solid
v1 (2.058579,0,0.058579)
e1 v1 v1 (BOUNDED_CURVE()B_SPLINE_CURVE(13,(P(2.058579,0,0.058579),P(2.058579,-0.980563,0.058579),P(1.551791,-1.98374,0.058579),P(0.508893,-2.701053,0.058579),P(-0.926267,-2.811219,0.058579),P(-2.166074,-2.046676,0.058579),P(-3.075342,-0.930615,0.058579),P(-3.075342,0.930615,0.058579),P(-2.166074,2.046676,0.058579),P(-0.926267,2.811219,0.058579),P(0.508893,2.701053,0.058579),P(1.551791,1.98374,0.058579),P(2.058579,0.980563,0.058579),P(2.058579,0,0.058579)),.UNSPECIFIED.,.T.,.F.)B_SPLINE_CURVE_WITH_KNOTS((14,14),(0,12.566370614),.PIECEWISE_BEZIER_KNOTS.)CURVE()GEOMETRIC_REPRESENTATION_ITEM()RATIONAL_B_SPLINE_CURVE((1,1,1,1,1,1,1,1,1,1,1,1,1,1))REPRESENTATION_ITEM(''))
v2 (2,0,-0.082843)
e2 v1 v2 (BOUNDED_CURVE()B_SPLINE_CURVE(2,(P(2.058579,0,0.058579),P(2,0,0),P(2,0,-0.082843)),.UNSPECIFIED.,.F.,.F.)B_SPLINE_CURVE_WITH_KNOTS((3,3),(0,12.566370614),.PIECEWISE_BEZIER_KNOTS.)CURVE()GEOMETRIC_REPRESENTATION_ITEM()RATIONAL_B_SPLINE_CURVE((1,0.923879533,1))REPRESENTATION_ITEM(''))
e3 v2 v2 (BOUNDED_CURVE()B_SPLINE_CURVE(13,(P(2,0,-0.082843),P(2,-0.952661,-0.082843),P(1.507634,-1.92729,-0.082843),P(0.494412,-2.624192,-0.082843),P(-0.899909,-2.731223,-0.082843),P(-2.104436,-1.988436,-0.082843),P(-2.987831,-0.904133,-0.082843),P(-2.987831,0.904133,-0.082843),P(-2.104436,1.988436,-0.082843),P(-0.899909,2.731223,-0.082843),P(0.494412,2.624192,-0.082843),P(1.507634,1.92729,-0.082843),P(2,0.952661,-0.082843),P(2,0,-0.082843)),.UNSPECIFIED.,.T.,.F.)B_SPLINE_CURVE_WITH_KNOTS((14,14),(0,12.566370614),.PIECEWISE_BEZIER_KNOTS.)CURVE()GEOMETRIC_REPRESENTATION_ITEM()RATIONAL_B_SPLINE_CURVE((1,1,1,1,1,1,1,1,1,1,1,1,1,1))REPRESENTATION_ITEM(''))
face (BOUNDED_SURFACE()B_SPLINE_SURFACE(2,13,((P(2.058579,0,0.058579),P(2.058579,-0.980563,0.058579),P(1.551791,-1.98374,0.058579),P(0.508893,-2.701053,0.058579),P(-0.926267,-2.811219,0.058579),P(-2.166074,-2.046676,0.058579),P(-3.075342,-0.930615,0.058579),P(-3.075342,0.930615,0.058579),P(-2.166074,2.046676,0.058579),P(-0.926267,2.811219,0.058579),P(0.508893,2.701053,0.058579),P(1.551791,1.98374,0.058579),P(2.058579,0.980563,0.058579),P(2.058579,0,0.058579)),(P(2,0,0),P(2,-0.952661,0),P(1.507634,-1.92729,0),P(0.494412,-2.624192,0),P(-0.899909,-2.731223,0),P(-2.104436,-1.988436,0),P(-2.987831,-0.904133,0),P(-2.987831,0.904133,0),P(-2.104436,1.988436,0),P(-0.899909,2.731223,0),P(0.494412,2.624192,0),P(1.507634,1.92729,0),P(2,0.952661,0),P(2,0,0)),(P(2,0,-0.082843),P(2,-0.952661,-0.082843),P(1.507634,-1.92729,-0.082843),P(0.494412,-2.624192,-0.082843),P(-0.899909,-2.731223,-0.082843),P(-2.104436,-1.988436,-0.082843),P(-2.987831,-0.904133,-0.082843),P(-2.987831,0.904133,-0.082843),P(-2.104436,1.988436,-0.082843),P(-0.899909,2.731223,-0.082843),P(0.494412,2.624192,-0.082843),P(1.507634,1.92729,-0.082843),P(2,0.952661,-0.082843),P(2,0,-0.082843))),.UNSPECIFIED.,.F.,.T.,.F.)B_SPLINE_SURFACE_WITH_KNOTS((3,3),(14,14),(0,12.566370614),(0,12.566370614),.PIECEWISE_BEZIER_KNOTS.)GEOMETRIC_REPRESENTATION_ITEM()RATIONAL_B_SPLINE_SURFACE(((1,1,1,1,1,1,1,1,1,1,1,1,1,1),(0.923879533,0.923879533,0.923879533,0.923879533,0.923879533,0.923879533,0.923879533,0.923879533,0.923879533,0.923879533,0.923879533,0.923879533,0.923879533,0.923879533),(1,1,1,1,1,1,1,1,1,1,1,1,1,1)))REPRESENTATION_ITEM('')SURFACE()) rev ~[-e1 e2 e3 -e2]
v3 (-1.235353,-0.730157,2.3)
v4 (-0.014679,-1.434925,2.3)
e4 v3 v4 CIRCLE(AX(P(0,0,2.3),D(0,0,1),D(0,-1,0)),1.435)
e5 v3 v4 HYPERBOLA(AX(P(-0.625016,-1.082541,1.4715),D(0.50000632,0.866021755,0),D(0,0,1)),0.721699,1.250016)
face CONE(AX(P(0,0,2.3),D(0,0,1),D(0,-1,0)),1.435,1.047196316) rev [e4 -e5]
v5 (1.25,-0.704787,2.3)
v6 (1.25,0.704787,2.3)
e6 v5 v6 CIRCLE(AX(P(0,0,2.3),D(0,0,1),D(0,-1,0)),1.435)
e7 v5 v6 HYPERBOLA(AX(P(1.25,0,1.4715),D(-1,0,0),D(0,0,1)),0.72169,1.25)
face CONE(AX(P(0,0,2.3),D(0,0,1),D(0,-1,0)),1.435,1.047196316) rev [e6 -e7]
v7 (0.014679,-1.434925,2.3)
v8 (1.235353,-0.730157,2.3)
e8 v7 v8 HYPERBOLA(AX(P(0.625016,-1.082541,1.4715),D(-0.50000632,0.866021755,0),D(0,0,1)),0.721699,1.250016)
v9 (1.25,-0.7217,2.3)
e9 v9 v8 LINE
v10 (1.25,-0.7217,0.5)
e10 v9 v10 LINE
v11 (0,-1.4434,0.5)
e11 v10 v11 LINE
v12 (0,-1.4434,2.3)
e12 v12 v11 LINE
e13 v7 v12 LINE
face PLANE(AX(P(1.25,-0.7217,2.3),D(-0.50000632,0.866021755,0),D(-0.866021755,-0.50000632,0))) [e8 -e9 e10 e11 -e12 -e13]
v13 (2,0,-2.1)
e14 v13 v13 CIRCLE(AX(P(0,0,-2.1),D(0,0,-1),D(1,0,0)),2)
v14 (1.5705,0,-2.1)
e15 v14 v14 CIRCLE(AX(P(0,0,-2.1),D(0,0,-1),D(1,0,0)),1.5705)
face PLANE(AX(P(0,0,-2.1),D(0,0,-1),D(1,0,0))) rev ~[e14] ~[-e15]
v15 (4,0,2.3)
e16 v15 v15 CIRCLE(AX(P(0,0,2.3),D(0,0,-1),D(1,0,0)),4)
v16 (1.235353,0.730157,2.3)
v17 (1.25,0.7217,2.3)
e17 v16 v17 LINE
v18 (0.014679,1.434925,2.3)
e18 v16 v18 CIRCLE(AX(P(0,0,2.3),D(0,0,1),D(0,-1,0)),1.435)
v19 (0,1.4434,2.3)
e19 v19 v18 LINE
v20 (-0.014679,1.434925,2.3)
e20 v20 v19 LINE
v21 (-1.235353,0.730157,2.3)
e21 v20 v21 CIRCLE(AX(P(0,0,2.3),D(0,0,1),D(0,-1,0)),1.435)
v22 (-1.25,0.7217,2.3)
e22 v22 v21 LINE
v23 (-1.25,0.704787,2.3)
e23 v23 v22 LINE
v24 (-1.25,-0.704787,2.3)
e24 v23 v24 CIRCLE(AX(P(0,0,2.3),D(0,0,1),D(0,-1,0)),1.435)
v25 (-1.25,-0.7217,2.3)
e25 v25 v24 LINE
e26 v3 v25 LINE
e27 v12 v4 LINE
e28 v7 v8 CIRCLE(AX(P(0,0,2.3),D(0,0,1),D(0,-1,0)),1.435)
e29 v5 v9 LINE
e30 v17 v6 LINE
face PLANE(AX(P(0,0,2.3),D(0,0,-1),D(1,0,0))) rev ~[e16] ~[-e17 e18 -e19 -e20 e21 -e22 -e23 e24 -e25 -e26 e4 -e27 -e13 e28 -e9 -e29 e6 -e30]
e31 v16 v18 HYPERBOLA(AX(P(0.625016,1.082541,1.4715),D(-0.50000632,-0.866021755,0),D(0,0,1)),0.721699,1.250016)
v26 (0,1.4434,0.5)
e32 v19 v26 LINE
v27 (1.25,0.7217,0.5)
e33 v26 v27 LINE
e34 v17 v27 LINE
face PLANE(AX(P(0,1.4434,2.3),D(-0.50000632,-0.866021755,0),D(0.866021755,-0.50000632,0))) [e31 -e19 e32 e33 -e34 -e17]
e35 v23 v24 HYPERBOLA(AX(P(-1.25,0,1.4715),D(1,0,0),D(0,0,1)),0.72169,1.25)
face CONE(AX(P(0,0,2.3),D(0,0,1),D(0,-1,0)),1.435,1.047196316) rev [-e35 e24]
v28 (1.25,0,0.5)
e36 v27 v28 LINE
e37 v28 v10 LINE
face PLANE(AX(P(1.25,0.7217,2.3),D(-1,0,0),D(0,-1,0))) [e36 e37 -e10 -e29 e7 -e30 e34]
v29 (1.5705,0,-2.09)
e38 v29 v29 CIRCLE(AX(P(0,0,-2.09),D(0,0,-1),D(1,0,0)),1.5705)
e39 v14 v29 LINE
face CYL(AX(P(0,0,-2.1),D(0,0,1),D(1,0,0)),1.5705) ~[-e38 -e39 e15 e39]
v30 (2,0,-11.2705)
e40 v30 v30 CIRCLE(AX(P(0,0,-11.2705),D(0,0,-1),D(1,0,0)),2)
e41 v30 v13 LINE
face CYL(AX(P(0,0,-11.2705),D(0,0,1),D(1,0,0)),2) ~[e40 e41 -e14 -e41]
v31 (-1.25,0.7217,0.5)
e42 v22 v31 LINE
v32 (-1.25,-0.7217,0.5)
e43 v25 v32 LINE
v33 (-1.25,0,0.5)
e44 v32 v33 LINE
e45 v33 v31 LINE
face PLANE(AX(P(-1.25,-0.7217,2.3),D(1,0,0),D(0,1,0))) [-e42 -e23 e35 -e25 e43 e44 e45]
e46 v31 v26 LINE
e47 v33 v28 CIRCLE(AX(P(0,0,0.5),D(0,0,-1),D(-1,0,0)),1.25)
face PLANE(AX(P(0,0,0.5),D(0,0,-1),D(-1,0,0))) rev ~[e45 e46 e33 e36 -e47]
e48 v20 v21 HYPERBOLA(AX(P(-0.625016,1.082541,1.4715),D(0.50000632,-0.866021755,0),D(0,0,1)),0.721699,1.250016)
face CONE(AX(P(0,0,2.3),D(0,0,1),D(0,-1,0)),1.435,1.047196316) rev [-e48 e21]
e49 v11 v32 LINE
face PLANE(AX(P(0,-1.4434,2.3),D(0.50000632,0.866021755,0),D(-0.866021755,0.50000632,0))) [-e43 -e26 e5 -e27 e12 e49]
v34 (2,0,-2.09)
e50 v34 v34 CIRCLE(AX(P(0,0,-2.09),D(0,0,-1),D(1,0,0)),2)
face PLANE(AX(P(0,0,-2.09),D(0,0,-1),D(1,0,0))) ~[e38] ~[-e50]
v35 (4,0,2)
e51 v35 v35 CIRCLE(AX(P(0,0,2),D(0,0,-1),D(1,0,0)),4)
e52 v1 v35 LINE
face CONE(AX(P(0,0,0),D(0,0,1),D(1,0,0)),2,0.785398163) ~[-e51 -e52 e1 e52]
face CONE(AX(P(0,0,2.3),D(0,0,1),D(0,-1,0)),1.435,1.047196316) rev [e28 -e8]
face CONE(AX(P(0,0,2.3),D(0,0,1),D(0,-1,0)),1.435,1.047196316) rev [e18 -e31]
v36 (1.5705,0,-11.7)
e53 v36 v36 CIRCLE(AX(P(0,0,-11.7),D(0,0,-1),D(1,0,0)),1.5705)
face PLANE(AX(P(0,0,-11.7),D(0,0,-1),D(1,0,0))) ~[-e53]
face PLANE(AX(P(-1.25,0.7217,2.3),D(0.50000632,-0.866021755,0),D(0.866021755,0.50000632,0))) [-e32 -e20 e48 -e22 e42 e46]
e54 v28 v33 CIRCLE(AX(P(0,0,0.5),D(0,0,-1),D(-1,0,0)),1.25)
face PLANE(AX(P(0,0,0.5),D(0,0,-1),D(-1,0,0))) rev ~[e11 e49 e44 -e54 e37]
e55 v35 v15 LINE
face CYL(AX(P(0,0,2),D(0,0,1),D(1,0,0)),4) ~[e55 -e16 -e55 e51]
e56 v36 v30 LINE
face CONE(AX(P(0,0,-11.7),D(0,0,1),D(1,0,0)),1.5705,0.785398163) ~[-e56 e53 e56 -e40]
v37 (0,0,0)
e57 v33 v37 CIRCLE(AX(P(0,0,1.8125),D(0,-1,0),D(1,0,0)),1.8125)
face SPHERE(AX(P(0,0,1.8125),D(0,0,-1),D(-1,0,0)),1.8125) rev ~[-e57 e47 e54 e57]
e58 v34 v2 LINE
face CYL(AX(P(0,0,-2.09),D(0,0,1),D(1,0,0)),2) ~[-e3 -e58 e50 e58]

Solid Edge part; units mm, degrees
sketch "Sketch1" plane through (0, 0, 0) normal (0, -1, 0) x (1, 0, 0)
  line L0 (2, 0) -> (4, 2)
  line L1 (4, 2) -> (4, 2.3)
  line L2 (4, 2.3) -> (0, 2.3)
  line L3 (0, 2.3) -> (0, -11.7)
  line L4 (0, -11.7) -> (1.5705, -11.7)
  line L5 (1.5705, -11.7) -> (2, -11.2705)
  line L6 (2, -11.2705) -> (2, -2.1)
  line L7 (2, -2.1) -> (1.5705, -2.1)
  line L8 (1.5705, -2.1) -> (1.5705, -2.09)
  line L9 (1.5705, -2.09) -> (2, -2.09)
  line L10 (2, -2.09) -> (2, 0)
  dimension "D1" = 14
  dimension "D2" = 4
  dimension "D3" = 2.3
  dimension "D4" = 0.01
  dimension "D5" = 1.5705
  dimension "D6" = 4.4
  dimension "D7" = 0.3
revolve "RevolvedProtrusion1" add sketch "Sketch1" angle 360 about axis through (0, 0, 54) along (0, 0, -1)
sketch "Sketch2" plane through (0, 0, 0) normal (0, -1, 0) x (1, 0, 0)
  arc A0 (-1.25, 0.5) -> (0, 0) centre (0, 1.8125) ccw
  line L0 (0, 0.5) -> (0, 0)
  line L1 (-1.25, 0.5) -> (0, 0.5)
  dimension "D1" = 12.2
revolve "RevolvedCutout1" cut sketch "Sketch2" angle 360 about axis through (0, 0, 54) along (0, 0, -1)
sketch "Sketch3" plane through (0, 0, 2.3) normal (0, 0, 1) x (0, -1, 0)
  line L0 (-1.4434, 0) -> (-0.7217, 1.25)
  line L1 (-0.7217, 1.25) -> (0.7217, 1.25)
  line L2 (0.7217, 1.25) -> (1.4434, 0)
  line L3 (1.4434, 0) -> (0.7217, -1.25)
  line L4 (0.7217, -1.25) -> (-0.7217, -1.25)
  line L5 (-0.7217, -1.25) -> (-1.4434, 0)
  dimension "D1" = 2.5
extrude "Cutout1" cut sketch "Sketch3" against normal blind 1.8
cosmetic_thread "Thread1" size "M4"
sketch "Sketch4" plane through (0, 0, 0) normal (1, 0, 0) x (0, 1, 0)
  line L0 (-1.435, 2.3) -> (0, 1.4715)
revolve "RevolvedCutout2" cut sketch "Sketch4" angle 360 about axis through (0, 0, -57) along (0, 0, 1) material side at (0, -0.6925, 1.9291)
fillet "Round1" radius 0.2 1 edges at (-2, 0, 0)
properties material "Stahl"
